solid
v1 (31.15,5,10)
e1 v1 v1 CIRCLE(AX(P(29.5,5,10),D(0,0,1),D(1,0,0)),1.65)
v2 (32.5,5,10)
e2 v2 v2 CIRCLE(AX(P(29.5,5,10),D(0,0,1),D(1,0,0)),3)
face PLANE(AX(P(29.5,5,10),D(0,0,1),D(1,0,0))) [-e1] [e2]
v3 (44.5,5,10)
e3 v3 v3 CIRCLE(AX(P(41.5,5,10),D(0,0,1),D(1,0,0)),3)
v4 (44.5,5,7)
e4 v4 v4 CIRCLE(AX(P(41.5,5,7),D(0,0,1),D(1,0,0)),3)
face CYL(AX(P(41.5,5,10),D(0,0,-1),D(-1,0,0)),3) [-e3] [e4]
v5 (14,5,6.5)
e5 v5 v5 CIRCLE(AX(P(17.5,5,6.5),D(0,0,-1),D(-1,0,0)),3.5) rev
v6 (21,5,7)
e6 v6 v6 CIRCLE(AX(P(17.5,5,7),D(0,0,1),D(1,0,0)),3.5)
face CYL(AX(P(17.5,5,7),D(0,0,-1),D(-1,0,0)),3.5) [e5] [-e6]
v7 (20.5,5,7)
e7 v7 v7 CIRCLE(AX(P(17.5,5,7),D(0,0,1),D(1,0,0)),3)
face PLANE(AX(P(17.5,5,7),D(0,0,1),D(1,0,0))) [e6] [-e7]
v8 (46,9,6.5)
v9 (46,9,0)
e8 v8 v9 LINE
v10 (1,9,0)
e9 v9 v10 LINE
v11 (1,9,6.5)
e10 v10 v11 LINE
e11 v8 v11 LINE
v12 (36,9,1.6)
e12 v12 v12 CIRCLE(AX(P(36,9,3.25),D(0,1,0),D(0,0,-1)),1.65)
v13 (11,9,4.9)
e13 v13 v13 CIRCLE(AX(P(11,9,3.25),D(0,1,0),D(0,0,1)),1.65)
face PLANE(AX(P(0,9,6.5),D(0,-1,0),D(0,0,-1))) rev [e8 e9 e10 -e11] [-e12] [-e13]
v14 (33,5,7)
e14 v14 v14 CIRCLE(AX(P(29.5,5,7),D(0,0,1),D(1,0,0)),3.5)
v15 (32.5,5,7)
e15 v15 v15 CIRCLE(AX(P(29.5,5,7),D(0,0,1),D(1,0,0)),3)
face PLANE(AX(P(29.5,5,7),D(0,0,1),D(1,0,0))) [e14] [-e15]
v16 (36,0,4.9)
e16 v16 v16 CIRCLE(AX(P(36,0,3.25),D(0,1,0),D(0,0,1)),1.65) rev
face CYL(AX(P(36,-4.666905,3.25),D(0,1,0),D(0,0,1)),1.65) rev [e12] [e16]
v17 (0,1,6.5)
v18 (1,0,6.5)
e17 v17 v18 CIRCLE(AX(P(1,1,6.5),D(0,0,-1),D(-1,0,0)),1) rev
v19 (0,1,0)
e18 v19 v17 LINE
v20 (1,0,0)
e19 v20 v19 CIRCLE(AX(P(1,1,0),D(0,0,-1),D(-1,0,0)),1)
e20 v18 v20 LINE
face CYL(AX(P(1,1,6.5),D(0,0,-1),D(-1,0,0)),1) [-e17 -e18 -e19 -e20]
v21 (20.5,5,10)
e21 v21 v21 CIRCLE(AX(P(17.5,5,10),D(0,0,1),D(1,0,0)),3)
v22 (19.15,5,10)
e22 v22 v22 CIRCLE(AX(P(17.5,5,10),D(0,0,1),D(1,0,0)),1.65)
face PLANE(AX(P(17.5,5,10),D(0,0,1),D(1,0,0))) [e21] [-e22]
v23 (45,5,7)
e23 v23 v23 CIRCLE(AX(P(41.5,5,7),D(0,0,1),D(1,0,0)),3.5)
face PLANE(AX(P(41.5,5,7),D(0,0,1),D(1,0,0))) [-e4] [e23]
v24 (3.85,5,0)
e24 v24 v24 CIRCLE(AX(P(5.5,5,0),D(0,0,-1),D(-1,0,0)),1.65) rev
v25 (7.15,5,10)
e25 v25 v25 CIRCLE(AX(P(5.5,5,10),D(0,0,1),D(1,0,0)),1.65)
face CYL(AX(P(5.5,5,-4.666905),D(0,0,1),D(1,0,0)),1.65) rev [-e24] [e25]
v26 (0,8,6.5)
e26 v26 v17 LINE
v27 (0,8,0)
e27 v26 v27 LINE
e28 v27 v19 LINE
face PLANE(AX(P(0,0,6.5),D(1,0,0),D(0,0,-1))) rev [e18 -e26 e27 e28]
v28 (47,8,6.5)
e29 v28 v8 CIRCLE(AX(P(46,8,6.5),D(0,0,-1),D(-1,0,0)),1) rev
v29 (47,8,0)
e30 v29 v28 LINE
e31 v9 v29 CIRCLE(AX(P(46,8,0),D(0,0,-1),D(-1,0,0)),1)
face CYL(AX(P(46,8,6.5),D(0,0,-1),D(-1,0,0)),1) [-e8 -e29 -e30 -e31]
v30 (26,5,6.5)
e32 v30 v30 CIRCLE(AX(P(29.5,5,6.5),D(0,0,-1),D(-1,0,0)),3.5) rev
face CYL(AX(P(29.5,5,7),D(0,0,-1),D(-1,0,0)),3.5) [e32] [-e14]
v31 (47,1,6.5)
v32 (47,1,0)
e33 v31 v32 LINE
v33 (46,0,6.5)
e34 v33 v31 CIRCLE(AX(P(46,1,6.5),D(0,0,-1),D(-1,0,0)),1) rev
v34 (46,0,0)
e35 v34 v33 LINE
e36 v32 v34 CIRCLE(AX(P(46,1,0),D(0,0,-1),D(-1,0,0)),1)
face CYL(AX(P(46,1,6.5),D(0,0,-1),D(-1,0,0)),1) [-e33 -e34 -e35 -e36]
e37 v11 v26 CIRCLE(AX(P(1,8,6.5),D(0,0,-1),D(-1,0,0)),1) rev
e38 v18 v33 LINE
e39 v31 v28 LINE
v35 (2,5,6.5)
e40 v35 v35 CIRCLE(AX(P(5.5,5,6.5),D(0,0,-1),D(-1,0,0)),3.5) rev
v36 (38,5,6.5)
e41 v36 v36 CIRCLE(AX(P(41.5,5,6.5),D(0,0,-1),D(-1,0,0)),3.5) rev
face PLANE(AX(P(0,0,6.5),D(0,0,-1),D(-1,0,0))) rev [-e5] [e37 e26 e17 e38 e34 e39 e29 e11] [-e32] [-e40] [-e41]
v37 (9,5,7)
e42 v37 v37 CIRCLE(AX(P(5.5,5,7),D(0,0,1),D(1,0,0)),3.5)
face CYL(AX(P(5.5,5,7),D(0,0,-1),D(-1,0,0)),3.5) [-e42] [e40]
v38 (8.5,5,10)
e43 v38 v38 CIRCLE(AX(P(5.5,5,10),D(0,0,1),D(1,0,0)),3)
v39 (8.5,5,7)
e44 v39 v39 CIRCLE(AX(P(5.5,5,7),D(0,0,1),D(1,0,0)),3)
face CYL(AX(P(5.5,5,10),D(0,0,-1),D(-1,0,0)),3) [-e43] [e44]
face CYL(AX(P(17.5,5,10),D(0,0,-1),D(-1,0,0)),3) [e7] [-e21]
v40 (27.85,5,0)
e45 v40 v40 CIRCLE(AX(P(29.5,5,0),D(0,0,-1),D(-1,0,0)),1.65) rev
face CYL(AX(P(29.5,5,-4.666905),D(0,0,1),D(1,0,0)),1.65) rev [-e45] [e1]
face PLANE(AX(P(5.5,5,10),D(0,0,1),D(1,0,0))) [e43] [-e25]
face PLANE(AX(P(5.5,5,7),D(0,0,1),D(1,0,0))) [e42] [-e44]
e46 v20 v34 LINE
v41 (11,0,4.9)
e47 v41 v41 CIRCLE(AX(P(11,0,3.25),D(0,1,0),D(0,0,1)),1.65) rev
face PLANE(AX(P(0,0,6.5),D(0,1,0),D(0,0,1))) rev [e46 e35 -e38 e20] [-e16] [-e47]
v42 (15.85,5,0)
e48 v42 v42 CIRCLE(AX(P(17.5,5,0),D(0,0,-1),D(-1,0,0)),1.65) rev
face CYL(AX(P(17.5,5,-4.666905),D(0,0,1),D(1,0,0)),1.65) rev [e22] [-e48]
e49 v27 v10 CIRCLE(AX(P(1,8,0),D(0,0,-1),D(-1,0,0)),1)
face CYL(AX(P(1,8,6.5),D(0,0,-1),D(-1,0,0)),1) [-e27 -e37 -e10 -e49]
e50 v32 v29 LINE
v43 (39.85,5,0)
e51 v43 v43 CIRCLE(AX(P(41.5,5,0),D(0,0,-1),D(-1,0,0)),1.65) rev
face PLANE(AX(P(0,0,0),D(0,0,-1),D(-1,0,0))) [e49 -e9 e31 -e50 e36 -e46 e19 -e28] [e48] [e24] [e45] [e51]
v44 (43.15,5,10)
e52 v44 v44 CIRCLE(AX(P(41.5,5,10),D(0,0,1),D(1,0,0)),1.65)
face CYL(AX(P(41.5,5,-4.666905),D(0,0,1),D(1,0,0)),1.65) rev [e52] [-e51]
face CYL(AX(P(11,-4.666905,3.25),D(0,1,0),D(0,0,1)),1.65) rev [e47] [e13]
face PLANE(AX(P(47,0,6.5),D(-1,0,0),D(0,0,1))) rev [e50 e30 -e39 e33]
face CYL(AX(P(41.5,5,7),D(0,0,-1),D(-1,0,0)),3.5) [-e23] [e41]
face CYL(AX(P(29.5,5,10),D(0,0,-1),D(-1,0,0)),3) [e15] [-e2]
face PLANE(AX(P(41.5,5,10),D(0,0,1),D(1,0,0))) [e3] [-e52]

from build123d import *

# Parameters (mm, degrees)
SKETCH_1_W          = 47
SKETCH_1_H          = 9
EXTRUDE_1_DEPTH     = 6.5
SKETCH_2_R          = 3
EXTRUDE_2_DEPTH     = 3.5
SKETCH_3_R          = 3.5
EXTRUDE_3_DEPTH     = 0.5
SKETCH_4_R          = 1.65
CUT_EXTRUDE_1_DEPTH = 10
SKETCH_5_R          = 1.65
CUT_EXTRUDE_2_DEPTH = 9
FILLET_1_R          = 1


with BuildPart() as part:
    # ｽｹｯﾁ1 → ﾎﾞｽ - 押し出し1 (new body)
    with BuildSketch(Plane.XY):
        with Locations((23.5, 4.5)):
            Rectangle(SKETCH_1_W, SKETCH_1_H)
    extrude(amount=EXTRUDE_1_DEPTH)

    # ｽｹｯﾁ2 → ﾎﾞｽ - 押し出し2 (add)
    with BuildSketch(Plane.XY.offset(6.5)):
        with Locations(Location((5.5, 5, 0), (0, 0, 180))):
            Circle(SKETCH_2_R)
        with Locations(Location((17.5, 5, 0), (0, 0, 180))):
            Circle(SKETCH_2_R)
        with Locations(Location((29.5, 5, 0), (0, 0, 180))):
            Circle(SKETCH_2_R)
        with Locations(Location((41.5, 5, 0), (0, 0, 180))):
            Circle(SKETCH_2_R)
    extrude(amount=EXTRUDE_2_DEPTH)

    # ｽｹｯﾁ3 → ﾎﾞｽ - 押し出し3 (add)
    with BuildSketch(Plane.XY.offset(6.5)):
        with Locations(Location((5.5, 5, 0), (0, 0, 180))):
            Circle(SKETCH_3_R)
        with Locations(Location((17.5, 5, 0), (0, 0, 180))):
            Circle(SKETCH_3_R)
        with Locations(Location((29.5, 5, 0), (0, 0, 180))):
            Circle(SKETCH_3_R)
        with Locations(Location((41.5, 5, 0), (0, 0, 180))):
            Circle(SKETCH_3_R)
    extrude(amount=EXTRUDE_3_DEPTH)

    # ｽｹｯﾁ4 → ｶｯﾄ - 押し出し1 (cut)
    with BuildSketch(Plane.XY.offset(10)):
        with Locations((5.5, 5)):
            Circle(SKETCH_4_R)
        with Locations((17.5, 5)):
            Circle(SKETCH_4_R)
        with Locations((29.5, 5)):
            Circle(SKETCH_4_R)
        with Locations((41.5, 5)):
            Circle(SKETCH_4_R)
    extrude(amount=-CUT_EXTRUDE_1_DEPTH, mode=Mode.SUBTRACT)

    # ｽｹｯﾁ5 → ｶｯﾄ - 押し出し2 (cut)
    with BuildSketch(Plane(origin=(0, 9, 0), x_dir=(1, 0, 0), z_dir=(0, 1, 0))):
        with Locations(Location((11, -3.25, 0), (0, 0, 270))):
            Circle(SKETCH_5_R)
        with Locations(Location((36, -3.25, 0), (0, 0, 270))):
            Circle(SKETCH_5_R)
    extrude(amount=-CUT_EXTRUDE_2_DEPTH, mode=Mode.SUBTRACT)

    # ﾌｨﾚｯﾄ1
    fillet_1_edges = [part.edges().sort_by_distance(p)[0] for p in [
        (0, 9, 3.25),
        (47, 9, 3.25),
        (47, 0, 3.25),
        (0, 0, 3.25),
    ]]
    fillet(fillet_1_edges, radius=FILLET_1_R)


solid = part.part
